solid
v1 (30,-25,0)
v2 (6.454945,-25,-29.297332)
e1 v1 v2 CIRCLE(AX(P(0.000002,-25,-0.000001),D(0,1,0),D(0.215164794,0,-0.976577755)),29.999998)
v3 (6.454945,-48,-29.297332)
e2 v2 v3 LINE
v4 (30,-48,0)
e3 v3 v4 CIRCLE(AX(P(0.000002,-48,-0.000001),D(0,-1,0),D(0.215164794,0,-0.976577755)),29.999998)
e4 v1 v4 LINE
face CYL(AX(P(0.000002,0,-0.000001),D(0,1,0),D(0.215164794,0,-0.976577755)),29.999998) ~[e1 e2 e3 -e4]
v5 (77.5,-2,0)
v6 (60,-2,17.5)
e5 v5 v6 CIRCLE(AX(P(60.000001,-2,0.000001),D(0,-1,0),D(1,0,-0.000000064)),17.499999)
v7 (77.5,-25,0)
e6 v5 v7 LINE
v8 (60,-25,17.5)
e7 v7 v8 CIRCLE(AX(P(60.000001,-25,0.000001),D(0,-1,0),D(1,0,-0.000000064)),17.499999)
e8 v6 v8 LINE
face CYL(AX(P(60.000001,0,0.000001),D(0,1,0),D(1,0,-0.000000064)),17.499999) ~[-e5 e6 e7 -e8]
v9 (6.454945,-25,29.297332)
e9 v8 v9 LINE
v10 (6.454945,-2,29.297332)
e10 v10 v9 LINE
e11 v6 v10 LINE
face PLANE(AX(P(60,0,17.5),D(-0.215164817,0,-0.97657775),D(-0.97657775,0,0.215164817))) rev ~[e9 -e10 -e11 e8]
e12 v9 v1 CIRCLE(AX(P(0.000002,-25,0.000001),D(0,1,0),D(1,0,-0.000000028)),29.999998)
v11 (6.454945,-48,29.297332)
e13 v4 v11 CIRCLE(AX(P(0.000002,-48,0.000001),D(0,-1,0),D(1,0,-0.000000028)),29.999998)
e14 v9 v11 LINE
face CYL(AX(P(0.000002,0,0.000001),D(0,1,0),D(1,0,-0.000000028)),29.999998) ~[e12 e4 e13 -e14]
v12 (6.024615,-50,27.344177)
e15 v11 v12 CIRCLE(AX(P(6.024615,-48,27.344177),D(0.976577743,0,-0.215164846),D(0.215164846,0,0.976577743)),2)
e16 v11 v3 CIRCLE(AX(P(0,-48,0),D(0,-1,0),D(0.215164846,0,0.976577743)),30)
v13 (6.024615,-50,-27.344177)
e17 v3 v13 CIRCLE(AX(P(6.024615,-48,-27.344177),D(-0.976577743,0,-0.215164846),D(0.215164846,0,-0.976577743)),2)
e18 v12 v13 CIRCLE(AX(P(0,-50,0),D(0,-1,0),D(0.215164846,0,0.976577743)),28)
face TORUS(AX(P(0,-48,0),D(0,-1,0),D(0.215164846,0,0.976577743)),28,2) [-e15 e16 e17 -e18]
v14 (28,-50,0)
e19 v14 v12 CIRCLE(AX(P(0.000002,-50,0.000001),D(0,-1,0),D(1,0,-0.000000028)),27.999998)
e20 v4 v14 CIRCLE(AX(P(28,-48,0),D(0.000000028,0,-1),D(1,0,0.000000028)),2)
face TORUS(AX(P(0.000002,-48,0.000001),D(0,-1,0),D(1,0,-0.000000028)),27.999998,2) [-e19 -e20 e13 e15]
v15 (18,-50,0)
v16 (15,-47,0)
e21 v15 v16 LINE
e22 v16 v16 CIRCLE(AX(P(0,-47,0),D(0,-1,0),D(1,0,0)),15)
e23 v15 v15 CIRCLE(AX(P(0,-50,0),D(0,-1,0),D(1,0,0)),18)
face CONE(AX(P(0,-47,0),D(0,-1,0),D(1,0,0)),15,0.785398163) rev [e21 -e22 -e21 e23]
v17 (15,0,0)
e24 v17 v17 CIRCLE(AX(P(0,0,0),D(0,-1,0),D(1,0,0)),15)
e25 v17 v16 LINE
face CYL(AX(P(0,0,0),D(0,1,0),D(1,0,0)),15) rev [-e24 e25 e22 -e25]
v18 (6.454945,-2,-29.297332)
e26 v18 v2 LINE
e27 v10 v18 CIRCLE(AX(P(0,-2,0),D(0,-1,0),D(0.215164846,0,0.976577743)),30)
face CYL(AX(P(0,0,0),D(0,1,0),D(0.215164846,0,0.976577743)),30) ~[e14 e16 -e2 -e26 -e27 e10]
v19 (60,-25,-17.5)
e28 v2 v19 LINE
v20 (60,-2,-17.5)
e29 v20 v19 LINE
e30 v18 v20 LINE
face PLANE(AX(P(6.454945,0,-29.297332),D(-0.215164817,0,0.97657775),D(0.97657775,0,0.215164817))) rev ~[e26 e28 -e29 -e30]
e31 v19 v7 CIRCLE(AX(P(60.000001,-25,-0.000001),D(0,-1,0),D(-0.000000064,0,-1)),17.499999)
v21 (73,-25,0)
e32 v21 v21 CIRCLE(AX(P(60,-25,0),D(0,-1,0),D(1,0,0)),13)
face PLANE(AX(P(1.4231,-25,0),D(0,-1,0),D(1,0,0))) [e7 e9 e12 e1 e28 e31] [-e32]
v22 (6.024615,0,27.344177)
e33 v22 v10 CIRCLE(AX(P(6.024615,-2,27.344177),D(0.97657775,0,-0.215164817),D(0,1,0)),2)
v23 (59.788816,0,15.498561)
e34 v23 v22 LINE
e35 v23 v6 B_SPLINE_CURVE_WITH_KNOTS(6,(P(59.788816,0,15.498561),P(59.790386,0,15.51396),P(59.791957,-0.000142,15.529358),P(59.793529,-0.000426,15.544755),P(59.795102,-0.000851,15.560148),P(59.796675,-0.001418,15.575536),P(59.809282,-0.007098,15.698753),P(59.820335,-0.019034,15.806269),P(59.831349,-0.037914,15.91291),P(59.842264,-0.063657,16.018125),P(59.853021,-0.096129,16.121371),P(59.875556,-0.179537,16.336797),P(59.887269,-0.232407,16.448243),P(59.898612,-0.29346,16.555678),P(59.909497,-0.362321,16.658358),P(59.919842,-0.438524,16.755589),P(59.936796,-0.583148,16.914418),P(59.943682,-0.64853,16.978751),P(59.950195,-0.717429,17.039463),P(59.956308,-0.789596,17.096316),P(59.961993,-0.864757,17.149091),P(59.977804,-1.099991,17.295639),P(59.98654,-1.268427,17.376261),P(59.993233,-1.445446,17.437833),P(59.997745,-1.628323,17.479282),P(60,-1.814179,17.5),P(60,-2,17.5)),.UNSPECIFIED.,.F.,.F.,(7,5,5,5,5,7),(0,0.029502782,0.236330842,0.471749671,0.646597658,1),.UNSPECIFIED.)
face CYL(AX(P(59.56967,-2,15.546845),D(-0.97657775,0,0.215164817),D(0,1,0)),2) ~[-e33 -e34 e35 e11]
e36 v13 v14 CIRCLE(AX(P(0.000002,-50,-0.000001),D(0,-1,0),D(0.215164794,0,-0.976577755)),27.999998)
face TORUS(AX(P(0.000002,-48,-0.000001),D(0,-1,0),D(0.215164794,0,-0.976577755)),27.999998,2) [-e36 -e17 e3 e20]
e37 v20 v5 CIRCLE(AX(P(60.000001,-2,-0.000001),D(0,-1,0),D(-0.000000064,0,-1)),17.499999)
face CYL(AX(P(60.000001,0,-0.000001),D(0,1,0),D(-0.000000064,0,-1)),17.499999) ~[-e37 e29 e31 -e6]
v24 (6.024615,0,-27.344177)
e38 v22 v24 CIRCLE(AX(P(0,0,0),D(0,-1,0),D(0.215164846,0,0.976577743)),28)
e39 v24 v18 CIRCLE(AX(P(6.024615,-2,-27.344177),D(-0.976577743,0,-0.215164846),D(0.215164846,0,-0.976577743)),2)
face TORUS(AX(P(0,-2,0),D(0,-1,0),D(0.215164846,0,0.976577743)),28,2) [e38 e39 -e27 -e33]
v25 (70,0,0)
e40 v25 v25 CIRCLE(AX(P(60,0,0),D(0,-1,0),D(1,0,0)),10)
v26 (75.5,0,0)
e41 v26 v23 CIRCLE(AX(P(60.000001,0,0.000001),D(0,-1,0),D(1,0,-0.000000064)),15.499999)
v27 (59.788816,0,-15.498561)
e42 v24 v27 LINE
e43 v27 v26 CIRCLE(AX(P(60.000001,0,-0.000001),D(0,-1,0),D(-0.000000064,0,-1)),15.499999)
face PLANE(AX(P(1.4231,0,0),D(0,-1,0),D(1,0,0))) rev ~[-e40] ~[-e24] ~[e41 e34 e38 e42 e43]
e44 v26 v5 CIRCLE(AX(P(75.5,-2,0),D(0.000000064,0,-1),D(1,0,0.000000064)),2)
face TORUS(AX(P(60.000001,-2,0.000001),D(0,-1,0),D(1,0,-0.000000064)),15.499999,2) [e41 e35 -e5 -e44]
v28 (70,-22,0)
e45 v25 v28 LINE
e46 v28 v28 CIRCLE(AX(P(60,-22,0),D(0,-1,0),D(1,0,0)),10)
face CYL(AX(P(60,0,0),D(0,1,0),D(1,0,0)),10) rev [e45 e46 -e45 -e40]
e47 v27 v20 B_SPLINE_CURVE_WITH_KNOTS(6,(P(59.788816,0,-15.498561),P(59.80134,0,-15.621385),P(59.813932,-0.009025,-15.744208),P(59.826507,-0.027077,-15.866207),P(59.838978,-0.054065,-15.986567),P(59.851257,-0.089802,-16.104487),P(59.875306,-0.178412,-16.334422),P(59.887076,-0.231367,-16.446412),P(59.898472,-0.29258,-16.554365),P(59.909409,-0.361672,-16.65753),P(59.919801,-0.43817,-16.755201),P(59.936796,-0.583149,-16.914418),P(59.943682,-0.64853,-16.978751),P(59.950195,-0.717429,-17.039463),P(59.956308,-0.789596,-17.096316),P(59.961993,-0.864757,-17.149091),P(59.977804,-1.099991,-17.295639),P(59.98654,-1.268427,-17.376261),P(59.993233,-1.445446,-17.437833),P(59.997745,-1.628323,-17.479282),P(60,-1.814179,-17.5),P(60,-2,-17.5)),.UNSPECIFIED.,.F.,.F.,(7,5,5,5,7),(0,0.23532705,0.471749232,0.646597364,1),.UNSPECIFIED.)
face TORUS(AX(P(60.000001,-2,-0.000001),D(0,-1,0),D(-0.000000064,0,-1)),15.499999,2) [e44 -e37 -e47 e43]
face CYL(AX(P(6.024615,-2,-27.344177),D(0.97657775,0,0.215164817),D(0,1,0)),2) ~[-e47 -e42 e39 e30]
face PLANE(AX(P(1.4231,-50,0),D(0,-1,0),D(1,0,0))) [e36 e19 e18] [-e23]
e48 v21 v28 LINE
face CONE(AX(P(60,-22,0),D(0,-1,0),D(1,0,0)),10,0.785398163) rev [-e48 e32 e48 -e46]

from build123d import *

# Parameters (mm, degrees)
F0_R     = 15
F0_R_2   = 10
F1_DEPTH = 25
F2_DEPTH = 50
F3_R     = 2
F4_SIZE  = 3


with BuildPart() as f1:
    # F0 (on Front) → F1 (new body)
    with BuildSketch(Plane.XZ):
        with BuildLine():
            ThreePointArc((6.454945, -29.297332), (23.384272, -18.792973), (30, 0))
            ThreePointArc((30, 0), (23.384272, 18.792973), (6.454945, 29.297332))
            ThreePointArc((6.454945, 29.297332), (-30, 0), (6.454945, -29.297332))
        make_face()
        Circle(F0_R, mode=Mode.SUBTRACT)
        with BuildLine():
            ThreePointArc((6.454945, 29.297332), (23.384272, 18.792973), (30, 0))
            ThreePointArc((30, 0), (23.384272, -18.792973), (6.454945, -29.297332))
            Line((6.454945, -29.297332), (60, -17.5))
            ThreePointArc((60, -17.5), (42.5, 0), (60, 17.5))
            Line((60, 17.5), (6.454945, 29.297332))
        make_face()
        with BuildLine():
            ThreePointArc((77.5, 0), (72.374369, 12.374369), (60, 17.5))
            ThreePointArc((60, 17.5), (42.5, 0), (60, -17.5))
            ThreePointArc((60, -17.5), (72.374369, -12.374369), (77.5, 0))
        make_face()
        with Locations((60, 0)):
            Circle(F0_R_2, mode=Mode.SUBTRACT)
    extrude(amount=F1_DEPTH)

    # F0 (on Front) → F2 (join)
    with BuildSketch(Plane.XZ):
        with BuildLine():
            ThreePointArc((6.454945, -29.297332), (23.384272, -18.792973), (30, 0))
            ThreePointArc((30, 0), (23.384272, 18.792973), (6.454945, 29.297332))
            ThreePointArc((6.454945, 29.297332), (-30, 0), (6.454945, -29.297332))
        make_face()
        Circle(F0_R, mode=Mode.SUBTRACT)
    extrude(amount=F2_DEPTH)

    # F3
    f3_edges = [f1.edges().sort_by_distance(p)[0] for p in [
        (33.227472, 0, -23.398666),
        (-6.454945, -50, 29.297332),
        (77.5, 0, 0),
        (-30, 0, 0),
        (33.227472, 0, 23.398666),
    ]]
    fillet(f3_edges, radius=F3_R)

    # F4
    f4_edges = [f1.edges().sort_by_distance(p)[0] for p in [
        (-15, -50, 0),
        (50, -25, 0),
    ]]
    chamfer(f4_edges, length=F4_SIZE)


solid = f1.part
